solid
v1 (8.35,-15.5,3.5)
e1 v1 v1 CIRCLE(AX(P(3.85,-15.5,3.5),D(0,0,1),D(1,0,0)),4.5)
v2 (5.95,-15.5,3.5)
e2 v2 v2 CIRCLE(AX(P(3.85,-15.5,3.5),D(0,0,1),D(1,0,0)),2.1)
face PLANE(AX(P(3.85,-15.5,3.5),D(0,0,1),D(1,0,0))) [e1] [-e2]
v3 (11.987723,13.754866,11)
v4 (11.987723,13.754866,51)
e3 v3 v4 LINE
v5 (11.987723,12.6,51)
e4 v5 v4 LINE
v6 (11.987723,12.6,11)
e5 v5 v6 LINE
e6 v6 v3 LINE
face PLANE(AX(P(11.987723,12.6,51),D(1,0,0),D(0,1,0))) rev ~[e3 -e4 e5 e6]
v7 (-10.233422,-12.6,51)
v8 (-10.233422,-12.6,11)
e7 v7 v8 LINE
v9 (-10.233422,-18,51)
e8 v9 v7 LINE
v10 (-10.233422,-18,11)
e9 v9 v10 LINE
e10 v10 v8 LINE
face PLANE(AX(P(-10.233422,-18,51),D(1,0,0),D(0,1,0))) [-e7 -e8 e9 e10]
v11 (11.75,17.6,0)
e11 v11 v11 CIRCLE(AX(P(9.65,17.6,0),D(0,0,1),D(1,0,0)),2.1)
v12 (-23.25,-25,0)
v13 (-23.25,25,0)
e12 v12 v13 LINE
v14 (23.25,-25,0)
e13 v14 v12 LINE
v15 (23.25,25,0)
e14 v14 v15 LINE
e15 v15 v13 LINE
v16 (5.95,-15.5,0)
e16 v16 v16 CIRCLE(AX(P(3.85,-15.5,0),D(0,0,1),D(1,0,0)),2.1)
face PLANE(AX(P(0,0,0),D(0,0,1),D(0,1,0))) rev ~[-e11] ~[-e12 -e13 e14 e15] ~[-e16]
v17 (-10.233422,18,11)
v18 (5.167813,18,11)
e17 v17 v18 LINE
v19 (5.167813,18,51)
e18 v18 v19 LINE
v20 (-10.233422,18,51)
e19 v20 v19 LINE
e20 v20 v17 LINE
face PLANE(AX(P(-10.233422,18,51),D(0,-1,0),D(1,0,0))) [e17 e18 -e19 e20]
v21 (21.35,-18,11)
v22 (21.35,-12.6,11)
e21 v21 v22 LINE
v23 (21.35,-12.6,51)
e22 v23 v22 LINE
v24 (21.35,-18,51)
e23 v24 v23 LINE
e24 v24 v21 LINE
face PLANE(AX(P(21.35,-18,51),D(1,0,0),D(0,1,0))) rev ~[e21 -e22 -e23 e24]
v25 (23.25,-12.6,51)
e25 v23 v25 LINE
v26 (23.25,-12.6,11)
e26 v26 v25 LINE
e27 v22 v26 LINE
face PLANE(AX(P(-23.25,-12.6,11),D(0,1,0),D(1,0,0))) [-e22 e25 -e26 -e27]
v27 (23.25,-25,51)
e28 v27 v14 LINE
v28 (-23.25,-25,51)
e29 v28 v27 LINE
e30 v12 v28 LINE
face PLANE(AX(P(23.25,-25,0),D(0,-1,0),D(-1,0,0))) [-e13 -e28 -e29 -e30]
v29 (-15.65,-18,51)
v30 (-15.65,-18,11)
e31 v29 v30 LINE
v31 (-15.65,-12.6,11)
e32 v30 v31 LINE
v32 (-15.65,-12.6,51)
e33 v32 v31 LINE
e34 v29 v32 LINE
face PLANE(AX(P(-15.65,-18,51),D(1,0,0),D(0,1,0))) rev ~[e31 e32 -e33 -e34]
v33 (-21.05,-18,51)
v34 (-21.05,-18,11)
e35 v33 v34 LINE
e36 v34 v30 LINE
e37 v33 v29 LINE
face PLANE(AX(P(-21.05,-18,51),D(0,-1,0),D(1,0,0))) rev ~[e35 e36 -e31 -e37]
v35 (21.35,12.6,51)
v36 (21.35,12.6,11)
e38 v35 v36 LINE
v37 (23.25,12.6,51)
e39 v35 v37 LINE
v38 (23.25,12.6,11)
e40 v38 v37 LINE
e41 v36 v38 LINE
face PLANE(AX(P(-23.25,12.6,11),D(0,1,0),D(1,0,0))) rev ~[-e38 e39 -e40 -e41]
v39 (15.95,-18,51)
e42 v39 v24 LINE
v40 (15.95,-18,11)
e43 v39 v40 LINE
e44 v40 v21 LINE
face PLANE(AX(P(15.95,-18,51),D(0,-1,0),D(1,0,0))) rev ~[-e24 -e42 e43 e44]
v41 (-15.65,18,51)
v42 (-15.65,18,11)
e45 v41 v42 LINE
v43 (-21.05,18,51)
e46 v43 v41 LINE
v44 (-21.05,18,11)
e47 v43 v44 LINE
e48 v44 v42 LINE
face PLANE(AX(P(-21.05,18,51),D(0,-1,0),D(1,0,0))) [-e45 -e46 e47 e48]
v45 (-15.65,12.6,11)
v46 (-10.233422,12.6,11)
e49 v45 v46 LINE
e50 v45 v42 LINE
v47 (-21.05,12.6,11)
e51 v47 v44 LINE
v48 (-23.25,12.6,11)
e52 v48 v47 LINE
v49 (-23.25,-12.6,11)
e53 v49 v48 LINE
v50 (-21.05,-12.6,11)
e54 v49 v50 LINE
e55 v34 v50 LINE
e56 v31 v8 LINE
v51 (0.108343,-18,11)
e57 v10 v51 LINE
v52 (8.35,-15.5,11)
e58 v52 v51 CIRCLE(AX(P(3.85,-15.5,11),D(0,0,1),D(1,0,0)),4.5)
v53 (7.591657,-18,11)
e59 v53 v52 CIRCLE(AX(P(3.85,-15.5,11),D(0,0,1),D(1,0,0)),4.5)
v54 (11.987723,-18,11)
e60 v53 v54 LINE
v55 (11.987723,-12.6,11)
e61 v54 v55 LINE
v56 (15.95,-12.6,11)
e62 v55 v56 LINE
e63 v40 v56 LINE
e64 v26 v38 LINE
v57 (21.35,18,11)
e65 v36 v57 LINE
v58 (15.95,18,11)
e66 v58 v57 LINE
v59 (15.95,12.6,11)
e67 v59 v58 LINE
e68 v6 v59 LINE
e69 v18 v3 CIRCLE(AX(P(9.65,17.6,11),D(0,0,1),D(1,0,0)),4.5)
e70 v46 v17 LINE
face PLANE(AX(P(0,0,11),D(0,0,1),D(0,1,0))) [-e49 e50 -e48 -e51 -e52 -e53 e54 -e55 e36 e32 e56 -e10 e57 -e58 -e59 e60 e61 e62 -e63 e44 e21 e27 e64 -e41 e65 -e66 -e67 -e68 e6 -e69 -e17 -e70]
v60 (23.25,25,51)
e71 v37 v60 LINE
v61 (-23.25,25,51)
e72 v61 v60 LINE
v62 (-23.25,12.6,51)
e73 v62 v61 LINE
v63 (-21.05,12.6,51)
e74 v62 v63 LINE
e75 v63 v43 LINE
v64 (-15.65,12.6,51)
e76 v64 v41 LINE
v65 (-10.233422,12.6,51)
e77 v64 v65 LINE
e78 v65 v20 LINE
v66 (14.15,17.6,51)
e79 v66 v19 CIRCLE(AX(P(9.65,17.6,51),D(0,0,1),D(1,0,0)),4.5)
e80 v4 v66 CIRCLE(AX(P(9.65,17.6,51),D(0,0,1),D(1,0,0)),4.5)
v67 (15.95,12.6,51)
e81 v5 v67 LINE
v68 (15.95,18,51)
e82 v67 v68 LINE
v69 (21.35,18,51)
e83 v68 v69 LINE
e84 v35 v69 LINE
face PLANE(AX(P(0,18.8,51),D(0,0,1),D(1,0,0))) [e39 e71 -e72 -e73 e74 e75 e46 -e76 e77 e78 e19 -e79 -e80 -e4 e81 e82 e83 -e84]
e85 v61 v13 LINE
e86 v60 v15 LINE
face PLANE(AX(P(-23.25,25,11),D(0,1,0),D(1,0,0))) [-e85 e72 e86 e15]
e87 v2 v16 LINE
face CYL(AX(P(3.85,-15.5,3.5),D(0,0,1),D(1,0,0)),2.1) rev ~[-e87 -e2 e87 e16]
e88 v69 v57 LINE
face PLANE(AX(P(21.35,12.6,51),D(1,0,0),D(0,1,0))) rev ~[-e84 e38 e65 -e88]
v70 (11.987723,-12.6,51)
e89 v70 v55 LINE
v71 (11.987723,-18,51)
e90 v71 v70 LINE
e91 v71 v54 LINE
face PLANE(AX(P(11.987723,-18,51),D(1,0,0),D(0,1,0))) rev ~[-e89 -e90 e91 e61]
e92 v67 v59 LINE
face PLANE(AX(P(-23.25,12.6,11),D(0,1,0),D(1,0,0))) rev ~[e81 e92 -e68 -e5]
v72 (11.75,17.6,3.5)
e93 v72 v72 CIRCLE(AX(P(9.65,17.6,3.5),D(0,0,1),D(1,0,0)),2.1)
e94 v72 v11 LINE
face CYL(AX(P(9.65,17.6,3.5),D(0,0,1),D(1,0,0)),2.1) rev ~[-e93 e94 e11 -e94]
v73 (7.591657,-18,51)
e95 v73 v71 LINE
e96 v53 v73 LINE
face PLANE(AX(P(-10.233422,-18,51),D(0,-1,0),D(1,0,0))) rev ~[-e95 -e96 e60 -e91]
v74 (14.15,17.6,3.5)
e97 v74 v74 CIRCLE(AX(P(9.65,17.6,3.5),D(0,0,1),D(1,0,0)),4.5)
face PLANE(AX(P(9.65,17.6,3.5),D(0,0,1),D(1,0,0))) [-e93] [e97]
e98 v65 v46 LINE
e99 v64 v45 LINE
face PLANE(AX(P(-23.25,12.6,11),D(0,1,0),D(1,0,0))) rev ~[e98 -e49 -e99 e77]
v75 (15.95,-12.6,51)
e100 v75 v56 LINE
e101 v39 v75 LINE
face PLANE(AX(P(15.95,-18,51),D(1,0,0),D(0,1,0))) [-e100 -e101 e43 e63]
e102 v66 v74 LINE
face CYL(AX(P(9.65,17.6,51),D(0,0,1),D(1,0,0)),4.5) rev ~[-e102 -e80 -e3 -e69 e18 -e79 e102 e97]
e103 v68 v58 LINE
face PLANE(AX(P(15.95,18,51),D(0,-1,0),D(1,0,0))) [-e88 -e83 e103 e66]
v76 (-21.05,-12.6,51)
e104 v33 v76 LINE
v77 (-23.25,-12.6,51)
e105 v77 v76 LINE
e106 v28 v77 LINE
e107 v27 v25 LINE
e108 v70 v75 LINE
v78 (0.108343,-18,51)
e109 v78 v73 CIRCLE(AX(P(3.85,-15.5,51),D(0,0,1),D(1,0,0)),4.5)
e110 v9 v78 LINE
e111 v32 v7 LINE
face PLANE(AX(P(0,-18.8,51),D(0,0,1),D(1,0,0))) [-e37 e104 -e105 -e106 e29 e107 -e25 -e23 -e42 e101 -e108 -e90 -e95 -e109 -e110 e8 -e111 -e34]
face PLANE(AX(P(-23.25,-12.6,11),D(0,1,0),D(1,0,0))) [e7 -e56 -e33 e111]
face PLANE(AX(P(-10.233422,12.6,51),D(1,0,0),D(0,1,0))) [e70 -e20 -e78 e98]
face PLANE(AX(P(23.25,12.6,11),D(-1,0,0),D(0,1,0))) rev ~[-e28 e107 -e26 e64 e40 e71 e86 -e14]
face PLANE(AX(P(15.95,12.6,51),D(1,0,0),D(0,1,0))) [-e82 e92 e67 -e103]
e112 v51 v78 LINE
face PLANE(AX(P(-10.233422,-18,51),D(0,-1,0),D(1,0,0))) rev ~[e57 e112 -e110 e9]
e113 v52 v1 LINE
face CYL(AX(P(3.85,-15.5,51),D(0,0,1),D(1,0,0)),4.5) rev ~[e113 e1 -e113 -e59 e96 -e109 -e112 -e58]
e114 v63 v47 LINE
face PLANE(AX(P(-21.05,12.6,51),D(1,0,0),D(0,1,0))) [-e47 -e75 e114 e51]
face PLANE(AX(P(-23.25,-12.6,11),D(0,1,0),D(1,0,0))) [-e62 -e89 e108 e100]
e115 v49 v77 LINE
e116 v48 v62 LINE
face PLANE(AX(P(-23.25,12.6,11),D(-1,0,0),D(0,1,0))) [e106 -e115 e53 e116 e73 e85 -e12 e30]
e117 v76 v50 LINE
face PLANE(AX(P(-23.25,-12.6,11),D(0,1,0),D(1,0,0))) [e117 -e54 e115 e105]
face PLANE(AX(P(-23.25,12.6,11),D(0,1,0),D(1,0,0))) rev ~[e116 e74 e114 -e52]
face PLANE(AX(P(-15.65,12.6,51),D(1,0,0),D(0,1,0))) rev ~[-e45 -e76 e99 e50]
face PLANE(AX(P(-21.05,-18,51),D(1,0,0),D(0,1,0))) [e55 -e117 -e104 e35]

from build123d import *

# Parameters (mm, degrees)
SKETCH1_W           = 50
SKETCH1_H           = 46.5
BOSS_EXTRUDE1_DEPTH = 11
SKETCH2_W           = 46.5
SKETCH2_H           = 12.4
BOSS_EXTRUDE2_DEPTH = 40
SKETCH3_W           = 5.4
SKETCH3_H           = 5.4
SKETCH3_W_2         = 22.221144714
CUT_EXTRUDE1_DEPTH  = 40
SKETCH4_R           = 4.5
CUT_EXTRUDE2_DEPTH  = 47.5
SKETCH5_R           = 2.1
CUT_EXTRUDE3_DEPTH  = 59.496260564


with BuildPart() as part:
    # Sketch1 → Boss-Extrude1 (new body)
    with BuildSketch(Plane(origin=(0, 0, 0), x_dir=(0, 1, 0), z_dir=(0, 0, 1))):
        Rectangle(SKETCH1_W, SKETCH1_H)
    extrude(amount=BOSS_EXTRUDE1_DEPTH)

    # Sketch2 → Boss-Extrude2 (add)
    with BuildSketch(Plane.XY.offset(11)):
        with Locations((0, 18.8)):
            Rectangle(SKETCH2_W, SKETCH2_H)
        with Locations((0, -18.8)):
            Rectangle(SKETCH2_W, SKETCH2_H)
    extrude(amount=BOSS_EXTRUDE2_DEPTH)

    # Sketch3 → Cut-Extrude1 (cut)
    with BuildSketch(Plane.XY.offset(51)):
        with Locations((-18.35, -15.3)):
            Rectangle(SKETCH3_W, SKETCH3_H)
        with Locations((18.65, -15.3)):
            Rectangle(SKETCH3_W, SKETCH3_H)
        with Locations((18.65, 15.3)):
            Rectangle(SKETCH3_W, SKETCH3_H)
        with Locations((-18.35, 15.3)):
            Rectangle(SKETCH3_W, SKETCH3_H)
        with Locations((0.877150449, 15.3)):
            Rectangle(SKETCH3_W_2, SKETCH3_H)
        with Locations((0.877150449, -15.3)):
            Rectangle(SKETCH3_W_2, SKETCH3_H)
    extrude(amount=-CUT_EXTRUDE1_DEPTH, mode=Mode.SUBTRACT)

    # Sketch4 → Cut-Extrude2 (cut)
    with BuildSketch(Plane.XY.offset(51)):
        with Locations((9.65, 17.6)):
            Circle(SKETCH4_R)
        with Locations((3.85, -15.5)):
            Circle(SKETCH4_R)
    extrude(amount=-CUT_EXTRUDE2_DEPTH, mode=Mode.SUBTRACT)

    # Sketch5 → Cut-Extrude3 (cut, through all)
    with BuildSketch(Plane.XY.offset(3.5)):
        with Locations((3.85, -15.5)):
            Circle(SKETCH5_R)
        with Locations((9.65, 17.6)):
            Circle(SKETCH5_R)
    extrude(amount=-CUT_EXTRUDE3_DEPTH, mode=Mode.SUBTRACT)


solid = part.part
